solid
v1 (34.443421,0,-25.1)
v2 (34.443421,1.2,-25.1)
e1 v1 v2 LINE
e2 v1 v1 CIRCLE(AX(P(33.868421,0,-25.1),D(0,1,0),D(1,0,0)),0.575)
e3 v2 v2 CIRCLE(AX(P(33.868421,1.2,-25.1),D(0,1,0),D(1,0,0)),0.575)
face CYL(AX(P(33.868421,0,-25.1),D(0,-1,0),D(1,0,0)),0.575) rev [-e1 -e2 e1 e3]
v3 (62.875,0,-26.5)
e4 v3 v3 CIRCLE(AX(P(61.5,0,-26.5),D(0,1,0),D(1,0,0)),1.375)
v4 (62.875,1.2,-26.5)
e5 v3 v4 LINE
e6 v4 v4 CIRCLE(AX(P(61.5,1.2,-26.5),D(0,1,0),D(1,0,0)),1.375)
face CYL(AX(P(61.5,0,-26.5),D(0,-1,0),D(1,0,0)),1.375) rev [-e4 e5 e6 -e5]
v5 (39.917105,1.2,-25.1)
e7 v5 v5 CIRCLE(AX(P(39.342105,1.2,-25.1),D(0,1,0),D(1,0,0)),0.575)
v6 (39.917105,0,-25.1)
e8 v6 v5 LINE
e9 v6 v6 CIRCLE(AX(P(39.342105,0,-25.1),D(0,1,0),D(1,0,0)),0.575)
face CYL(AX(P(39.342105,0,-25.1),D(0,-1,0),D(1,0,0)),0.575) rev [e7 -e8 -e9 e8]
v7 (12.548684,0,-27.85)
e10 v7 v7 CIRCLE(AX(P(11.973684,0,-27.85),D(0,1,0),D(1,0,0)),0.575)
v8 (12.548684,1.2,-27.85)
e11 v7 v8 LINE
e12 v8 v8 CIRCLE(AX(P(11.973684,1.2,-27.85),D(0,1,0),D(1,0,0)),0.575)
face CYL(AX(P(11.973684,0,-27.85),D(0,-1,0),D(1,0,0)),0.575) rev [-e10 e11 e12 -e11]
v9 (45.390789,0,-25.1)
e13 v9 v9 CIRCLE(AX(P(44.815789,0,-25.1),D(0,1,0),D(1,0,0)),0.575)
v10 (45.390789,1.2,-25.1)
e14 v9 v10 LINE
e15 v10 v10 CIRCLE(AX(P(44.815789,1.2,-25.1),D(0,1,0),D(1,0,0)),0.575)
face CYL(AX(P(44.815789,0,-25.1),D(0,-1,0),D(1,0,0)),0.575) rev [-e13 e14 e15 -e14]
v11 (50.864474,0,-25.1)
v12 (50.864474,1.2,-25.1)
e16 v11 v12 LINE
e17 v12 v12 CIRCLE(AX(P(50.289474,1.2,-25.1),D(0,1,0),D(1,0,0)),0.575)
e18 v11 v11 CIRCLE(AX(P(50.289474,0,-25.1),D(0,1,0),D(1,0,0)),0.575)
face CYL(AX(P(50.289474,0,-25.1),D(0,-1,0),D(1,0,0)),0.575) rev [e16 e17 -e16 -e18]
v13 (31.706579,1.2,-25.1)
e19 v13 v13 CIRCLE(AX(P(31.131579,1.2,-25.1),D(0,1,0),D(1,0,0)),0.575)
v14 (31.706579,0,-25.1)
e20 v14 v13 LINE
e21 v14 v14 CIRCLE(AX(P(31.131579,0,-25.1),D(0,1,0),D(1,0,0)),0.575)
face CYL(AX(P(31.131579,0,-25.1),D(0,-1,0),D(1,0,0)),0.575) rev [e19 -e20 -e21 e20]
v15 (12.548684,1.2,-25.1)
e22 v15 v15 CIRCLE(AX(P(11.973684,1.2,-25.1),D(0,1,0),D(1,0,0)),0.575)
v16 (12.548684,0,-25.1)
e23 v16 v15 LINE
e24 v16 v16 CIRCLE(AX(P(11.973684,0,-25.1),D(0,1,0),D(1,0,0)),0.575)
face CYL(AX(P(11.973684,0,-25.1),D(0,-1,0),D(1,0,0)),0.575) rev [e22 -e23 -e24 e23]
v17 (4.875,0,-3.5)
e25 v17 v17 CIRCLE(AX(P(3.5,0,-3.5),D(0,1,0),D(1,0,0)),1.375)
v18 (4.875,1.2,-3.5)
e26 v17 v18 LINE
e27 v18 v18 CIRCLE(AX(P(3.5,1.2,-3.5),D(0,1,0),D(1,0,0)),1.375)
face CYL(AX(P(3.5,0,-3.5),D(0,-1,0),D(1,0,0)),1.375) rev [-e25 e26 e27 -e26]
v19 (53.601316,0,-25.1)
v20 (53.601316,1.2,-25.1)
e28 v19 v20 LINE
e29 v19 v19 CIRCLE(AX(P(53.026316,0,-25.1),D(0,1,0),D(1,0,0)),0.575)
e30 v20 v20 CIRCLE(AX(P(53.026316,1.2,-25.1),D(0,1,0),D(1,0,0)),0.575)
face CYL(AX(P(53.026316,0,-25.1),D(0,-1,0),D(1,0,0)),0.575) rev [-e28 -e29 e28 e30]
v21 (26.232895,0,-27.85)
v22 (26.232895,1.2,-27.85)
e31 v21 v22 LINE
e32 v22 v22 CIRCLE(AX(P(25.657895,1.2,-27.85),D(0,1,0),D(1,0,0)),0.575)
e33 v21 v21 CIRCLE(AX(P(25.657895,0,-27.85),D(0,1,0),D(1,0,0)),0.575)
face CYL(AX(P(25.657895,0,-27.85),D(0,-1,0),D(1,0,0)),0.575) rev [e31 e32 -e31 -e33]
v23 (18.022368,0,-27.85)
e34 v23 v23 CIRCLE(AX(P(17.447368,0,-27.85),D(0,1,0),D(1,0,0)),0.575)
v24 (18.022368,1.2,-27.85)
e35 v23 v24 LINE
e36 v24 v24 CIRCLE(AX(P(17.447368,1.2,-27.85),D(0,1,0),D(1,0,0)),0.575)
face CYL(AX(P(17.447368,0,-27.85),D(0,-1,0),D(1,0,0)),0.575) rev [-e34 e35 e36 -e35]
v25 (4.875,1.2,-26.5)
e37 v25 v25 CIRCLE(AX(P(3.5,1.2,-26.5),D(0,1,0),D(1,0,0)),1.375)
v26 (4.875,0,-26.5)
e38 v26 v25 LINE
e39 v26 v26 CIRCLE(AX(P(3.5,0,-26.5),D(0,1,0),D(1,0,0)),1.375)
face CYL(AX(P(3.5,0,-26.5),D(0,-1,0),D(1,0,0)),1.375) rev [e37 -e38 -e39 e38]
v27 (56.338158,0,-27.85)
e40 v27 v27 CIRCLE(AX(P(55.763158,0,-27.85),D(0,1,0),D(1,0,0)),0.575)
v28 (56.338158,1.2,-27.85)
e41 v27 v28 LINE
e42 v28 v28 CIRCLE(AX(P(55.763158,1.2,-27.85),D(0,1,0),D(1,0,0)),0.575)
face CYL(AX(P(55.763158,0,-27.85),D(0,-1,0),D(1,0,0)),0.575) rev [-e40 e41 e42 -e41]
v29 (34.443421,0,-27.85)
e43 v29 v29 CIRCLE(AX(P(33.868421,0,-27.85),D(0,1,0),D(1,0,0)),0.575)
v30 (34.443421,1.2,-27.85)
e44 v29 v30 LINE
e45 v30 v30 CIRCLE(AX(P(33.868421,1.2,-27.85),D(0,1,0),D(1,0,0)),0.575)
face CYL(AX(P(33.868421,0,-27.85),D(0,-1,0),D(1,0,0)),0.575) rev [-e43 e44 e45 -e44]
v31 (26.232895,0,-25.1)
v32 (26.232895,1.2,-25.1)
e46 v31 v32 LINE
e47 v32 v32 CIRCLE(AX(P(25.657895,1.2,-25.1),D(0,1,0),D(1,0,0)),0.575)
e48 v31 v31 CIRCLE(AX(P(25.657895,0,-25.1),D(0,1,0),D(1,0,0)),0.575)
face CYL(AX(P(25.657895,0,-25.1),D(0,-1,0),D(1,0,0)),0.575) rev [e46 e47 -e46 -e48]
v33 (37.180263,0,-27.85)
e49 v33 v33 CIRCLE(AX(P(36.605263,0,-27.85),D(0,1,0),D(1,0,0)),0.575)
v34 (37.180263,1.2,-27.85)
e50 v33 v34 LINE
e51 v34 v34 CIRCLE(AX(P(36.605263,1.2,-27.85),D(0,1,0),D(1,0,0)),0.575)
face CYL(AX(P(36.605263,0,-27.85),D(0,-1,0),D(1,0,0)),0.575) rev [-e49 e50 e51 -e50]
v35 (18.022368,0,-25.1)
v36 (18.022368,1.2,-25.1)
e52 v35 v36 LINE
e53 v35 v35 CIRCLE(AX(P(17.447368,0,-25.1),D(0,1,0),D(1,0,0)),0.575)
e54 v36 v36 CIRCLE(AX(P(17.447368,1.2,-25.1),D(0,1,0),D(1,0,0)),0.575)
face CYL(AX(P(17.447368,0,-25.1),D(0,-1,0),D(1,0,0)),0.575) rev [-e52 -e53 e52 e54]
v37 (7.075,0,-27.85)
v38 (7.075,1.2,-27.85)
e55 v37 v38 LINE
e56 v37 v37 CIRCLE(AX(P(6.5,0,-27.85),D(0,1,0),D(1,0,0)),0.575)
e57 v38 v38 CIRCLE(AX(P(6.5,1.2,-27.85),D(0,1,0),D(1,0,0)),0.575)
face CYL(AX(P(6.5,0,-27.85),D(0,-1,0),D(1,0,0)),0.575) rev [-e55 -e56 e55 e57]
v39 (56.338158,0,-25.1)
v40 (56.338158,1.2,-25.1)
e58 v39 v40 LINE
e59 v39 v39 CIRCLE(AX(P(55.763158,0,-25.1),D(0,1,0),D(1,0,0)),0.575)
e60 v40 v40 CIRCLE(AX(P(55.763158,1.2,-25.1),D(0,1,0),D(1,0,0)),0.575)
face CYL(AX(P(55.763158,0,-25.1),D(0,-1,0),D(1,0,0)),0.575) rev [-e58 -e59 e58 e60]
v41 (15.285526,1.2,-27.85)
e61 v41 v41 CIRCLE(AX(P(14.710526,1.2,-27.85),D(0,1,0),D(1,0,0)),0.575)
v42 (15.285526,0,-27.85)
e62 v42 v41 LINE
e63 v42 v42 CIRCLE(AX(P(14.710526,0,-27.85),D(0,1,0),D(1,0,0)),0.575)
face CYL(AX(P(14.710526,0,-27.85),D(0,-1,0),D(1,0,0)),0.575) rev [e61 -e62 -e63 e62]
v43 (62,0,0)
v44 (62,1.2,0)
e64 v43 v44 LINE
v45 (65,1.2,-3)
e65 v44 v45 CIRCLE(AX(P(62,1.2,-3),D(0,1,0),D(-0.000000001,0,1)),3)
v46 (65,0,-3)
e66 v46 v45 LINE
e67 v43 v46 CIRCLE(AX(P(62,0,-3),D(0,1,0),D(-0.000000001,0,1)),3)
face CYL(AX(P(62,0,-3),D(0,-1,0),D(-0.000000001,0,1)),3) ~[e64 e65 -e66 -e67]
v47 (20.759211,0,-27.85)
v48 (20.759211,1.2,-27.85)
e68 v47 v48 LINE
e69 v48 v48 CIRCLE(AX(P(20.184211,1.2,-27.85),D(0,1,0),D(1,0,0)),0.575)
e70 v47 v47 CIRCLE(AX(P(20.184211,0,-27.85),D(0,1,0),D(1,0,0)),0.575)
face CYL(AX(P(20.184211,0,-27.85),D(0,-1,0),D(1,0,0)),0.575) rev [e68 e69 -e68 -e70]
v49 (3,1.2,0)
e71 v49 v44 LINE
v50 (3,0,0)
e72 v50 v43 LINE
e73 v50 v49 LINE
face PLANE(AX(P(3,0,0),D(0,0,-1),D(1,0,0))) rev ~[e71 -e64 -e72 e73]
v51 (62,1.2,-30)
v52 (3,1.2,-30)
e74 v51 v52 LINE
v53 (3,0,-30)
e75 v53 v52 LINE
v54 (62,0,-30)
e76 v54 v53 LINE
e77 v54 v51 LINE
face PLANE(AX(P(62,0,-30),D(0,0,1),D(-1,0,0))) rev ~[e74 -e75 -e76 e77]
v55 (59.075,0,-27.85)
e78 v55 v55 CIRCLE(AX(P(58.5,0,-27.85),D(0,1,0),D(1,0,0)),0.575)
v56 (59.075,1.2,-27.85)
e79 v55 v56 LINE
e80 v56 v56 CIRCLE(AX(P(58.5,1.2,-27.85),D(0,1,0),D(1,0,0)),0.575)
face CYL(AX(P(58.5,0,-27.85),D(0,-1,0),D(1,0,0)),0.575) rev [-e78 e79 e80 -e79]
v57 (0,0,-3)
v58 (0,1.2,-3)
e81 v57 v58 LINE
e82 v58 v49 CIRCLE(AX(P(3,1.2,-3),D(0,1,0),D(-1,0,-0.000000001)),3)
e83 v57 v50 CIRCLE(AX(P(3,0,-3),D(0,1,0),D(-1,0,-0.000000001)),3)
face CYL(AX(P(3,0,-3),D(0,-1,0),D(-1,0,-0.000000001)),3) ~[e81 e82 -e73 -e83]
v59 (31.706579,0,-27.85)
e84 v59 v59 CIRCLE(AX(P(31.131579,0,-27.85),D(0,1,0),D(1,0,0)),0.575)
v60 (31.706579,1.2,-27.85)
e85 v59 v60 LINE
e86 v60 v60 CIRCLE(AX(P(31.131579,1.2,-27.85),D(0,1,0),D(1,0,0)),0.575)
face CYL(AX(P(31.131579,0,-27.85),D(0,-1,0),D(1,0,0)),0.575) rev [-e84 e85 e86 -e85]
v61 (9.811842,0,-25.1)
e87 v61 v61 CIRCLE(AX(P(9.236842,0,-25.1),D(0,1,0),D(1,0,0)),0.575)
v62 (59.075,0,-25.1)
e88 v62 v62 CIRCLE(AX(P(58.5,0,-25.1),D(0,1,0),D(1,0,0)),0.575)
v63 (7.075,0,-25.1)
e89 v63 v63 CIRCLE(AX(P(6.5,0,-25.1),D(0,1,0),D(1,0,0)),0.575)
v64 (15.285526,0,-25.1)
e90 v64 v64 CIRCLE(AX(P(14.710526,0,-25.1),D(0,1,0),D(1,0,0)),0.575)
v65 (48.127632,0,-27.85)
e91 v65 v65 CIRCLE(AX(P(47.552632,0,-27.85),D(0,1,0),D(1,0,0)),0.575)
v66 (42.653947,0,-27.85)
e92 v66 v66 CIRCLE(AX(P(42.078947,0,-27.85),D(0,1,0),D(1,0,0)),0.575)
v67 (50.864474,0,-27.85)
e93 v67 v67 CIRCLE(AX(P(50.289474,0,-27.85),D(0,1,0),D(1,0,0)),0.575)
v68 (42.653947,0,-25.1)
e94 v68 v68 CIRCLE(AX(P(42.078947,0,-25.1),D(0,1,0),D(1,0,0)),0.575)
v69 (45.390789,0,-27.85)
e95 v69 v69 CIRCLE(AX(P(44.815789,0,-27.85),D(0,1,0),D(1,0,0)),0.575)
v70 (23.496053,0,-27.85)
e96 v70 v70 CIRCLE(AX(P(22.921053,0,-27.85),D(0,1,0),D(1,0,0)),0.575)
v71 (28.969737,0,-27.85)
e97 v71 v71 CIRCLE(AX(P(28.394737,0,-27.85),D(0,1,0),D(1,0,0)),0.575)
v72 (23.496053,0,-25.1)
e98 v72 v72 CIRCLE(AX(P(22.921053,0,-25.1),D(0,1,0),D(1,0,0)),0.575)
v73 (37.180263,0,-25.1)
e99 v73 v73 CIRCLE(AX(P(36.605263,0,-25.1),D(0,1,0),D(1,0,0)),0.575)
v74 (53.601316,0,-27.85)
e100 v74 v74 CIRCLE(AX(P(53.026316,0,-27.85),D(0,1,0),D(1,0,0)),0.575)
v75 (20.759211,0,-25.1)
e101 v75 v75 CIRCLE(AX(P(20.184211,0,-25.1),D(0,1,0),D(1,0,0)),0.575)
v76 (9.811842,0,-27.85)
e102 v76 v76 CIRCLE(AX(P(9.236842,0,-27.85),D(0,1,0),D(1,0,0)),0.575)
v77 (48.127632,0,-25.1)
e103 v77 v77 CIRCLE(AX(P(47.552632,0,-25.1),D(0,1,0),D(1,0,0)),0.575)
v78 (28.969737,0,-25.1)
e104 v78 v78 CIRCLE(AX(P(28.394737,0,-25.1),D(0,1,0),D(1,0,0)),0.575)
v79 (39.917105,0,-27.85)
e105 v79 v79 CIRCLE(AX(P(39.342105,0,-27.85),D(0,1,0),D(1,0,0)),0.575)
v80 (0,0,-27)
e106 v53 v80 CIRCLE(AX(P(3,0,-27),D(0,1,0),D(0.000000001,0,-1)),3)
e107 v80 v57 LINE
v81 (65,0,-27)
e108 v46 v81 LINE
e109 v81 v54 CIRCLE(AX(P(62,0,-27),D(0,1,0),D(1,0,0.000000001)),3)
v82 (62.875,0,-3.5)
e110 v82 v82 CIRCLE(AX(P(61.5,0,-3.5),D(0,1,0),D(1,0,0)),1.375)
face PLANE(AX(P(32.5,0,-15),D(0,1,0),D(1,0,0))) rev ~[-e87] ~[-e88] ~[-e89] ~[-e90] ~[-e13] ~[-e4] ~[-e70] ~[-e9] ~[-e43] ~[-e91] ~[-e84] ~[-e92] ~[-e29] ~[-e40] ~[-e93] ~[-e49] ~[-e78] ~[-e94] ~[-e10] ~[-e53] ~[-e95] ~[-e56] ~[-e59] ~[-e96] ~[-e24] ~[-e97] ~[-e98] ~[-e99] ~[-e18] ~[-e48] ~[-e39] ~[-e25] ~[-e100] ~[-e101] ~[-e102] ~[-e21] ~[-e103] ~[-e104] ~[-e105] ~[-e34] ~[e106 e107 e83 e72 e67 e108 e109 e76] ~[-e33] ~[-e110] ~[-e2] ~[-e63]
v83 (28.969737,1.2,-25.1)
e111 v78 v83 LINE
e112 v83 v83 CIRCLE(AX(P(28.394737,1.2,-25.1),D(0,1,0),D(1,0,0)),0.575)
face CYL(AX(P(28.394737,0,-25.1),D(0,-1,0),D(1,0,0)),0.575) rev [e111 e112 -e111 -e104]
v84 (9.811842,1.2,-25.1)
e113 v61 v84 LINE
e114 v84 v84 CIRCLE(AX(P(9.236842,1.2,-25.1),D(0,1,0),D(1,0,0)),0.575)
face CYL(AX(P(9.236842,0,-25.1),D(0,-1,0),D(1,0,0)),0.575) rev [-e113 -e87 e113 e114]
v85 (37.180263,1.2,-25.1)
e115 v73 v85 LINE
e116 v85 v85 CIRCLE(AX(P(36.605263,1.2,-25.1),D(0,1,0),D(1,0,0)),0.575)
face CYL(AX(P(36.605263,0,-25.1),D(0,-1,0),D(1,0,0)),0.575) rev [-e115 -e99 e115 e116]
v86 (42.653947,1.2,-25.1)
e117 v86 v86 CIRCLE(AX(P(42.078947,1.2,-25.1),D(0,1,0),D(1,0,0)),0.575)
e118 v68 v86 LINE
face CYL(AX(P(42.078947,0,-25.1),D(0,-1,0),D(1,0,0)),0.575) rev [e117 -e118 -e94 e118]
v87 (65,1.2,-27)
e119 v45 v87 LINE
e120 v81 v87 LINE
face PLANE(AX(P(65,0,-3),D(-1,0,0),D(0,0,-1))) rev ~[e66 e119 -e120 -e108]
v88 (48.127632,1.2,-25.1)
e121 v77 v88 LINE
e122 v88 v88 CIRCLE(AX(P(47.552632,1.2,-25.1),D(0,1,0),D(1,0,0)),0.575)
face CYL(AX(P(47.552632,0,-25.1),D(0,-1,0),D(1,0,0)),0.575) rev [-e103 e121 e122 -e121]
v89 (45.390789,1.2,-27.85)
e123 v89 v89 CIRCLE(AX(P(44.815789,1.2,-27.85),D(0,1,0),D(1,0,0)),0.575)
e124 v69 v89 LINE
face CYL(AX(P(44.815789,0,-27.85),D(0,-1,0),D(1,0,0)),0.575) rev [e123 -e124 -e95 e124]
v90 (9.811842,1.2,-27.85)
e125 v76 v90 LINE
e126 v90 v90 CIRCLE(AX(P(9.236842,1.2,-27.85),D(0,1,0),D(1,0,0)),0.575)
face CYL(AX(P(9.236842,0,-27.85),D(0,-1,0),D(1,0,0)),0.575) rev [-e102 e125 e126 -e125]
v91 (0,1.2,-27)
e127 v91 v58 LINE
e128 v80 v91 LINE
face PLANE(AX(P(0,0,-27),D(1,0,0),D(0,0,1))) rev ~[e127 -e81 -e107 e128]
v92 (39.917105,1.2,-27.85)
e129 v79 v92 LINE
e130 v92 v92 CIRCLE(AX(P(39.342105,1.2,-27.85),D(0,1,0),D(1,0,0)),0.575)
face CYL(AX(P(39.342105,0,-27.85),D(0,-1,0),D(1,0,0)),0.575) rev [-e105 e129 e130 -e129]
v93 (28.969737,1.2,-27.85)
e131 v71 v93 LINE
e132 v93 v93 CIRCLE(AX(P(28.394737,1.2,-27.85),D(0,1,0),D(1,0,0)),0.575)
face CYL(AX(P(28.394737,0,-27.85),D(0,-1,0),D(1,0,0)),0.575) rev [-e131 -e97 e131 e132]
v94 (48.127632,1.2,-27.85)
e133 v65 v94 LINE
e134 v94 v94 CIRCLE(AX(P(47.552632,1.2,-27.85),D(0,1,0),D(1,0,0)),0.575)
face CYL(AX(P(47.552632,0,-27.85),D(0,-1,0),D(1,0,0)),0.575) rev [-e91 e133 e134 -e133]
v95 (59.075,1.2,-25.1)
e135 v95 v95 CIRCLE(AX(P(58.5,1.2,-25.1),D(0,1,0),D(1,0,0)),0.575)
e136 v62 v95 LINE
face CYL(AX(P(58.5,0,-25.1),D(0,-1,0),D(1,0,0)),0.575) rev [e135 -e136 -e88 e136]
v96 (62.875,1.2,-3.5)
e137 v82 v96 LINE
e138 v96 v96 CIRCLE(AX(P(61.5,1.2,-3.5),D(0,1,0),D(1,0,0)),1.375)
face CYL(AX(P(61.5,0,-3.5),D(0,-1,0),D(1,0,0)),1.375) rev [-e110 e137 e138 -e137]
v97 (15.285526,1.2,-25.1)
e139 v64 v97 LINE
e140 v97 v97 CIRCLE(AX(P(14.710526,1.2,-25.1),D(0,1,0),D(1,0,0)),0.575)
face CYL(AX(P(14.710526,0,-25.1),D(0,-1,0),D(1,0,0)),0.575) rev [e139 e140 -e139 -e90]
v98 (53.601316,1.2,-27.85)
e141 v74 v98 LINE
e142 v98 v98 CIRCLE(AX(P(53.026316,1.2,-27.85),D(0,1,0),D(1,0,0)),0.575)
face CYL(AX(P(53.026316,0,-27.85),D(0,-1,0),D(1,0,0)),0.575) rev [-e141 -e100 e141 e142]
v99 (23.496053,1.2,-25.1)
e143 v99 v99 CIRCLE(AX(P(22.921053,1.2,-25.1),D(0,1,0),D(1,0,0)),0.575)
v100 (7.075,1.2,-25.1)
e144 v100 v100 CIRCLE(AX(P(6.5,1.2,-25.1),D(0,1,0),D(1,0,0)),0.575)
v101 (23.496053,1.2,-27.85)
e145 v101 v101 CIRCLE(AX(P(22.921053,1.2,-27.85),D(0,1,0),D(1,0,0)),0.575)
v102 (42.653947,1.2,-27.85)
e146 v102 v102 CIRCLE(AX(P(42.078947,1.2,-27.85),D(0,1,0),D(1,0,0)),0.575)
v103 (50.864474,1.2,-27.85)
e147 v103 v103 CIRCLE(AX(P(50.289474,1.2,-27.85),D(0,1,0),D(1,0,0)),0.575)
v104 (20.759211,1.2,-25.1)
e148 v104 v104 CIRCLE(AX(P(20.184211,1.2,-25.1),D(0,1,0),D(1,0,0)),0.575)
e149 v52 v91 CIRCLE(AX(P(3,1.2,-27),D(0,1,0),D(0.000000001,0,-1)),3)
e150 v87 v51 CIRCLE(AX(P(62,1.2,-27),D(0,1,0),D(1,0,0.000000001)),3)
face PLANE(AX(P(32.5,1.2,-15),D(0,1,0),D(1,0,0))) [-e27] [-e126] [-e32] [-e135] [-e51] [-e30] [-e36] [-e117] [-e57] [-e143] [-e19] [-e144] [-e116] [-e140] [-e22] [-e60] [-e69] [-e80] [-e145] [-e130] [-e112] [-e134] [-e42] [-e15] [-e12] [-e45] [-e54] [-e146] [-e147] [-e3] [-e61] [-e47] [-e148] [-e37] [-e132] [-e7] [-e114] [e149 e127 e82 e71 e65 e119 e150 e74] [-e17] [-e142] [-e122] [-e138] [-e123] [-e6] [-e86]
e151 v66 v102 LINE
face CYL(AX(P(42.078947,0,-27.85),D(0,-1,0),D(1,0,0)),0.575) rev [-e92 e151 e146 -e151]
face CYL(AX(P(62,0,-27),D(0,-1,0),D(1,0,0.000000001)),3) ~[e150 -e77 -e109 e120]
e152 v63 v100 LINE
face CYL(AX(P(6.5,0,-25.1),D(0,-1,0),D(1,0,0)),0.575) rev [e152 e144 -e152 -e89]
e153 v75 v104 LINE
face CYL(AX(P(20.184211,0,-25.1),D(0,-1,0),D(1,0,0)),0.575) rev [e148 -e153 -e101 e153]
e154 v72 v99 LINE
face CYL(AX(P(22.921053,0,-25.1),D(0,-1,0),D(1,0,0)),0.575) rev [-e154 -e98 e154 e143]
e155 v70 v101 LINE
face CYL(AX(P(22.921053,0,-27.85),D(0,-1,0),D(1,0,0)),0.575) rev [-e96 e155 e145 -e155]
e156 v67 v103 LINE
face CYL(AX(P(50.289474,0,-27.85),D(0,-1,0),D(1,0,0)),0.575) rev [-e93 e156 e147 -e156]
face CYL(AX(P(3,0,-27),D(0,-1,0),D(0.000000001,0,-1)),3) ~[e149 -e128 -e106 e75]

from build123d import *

# Parameters (mm, degrees)
SKETCH1_R           = 0.575
SKETCH1_R_2         = 1.375
BOSS_EXTRUDE1_DEPTH = 1.2


with BuildPart() as part:
    # Sketch1 → Boss-Extrude1 (new body)
    with BuildSketch(Plane(origin=(0, 0, 0), x_dir=(1, 0, 0), z_dir=(0, 1, 0))):
        with BuildLine():
            Line((3, 0), (62, 0))
            ThreePointArc((62, 0), (64.121320344, 0.878679656), (65, 3))
            Line((65, 3), (65, 27))
            ThreePointArc((65, 27), (64.121320344, 29.121320344), (62, 30))
            Line((62, 30), (3, 30))
            ThreePointArc((3, 30), (0.878679656, 29.121320344), (0, 27))
            Line((0, 27), (0, 3))
            ThreePointArc((0, 3), (0.878679656, 0.878679656), (3, 0))
        make_face()
        with Locations((6.5, 27.85)):
            Circle(SKETCH1_R, mode=Mode.SUBTRACT)
        with Locations((9.236842105, 27.85)):
            Circle(SKETCH1_R, mode=Mode.SUBTRACT)
        with Locations((11.973684211, 27.85)):
            Circle(SKETCH1_R, mode=Mode.SUBTRACT)
        with Locations((14.710526316, 27.85)):
            Circle(SKETCH1_R, mode=Mode.SUBTRACT)
        with Locations((17.447368421, 27.85)):
            Circle(SKETCH1_R, mode=Mode.SUBTRACT)
        with Locations((20.184210526, 27.85)):
            Circle(SKETCH1_R, mode=Mode.SUBTRACT)
        with Locations((22.921052632, 27.85)):
            Circle(SKETCH1_R, mode=Mode.SUBTRACT)
        with Locations((25.657894737, 27.85)):
            Circle(SKETCH1_R, mode=Mode.SUBTRACT)
        with Locations((28.394736842, 27.85)):
            Circle(SKETCH1_R, mode=Mode.SUBTRACT)
        with Locations((31.131578947, 27.85)):
            Circle(SKETCH1_R, mode=Mode.SUBTRACT)
        with Locations((33.868421053, 27.85)):
            Circle(SKETCH1_R, mode=Mode.SUBTRACT)
        with Locations((36.605263158, 27.85)):
            Circle(SKETCH1_R, mode=Mode.SUBTRACT)
        with Locations((39.342105263, 27.85)):
            Circle(SKETCH1_R, mode=Mode.SUBTRACT)
        with Locations((42.078947368, 27.85)):
            Circle(SKETCH1_R, mode=Mode.SUBTRACT)
        with Locations((44.815789474, 27.85)):
            Circle(SKETCH1_R, mode=Mode.SUBTRACT)
        with Locations((47.552631579, 27.85)):
            Circle(SKETCH1_R, mode=Mode.SUBTRACT)
        with Locations((50.289473684, 27.85)):
            Circle(SKETCH1_R, mode=Mode.SUBTRACT)
        with Locations((53.026315789, 27.85)):
            Circle(SKETCH1_R, mode=Mode.SUBTRACT)
        with Locations((55.763157895, 27.85)):
            Circle(SKETCH1_R, mode=Mode.SUBTRACT)
        with Locations((58.5, 27.85)):
            Circle(SKETCH1_R, mode=Mode.SUBTRACT)
        with Locations((9.236842105, 25.1)):
            Circle(SKETCH1_R, mode=Mode.SUBTRACT)
        with Locations((11.973684211, 25.1)):
            Circle(SKETCH1_R, mode=Mode.SUBTRACT)
        with Locations((14.710526316, 25.1)):
            Circle(SKETCH1_R, mode=Mode.SUBTRACT)
        with Locations((17.447368421, 25.1)):
            Circle(SKETCH1_R, mode=Mode.SUBTRACT)
        with Locations((20.184210526, 25.1)):
            Circle(SKETCH1_R, mode=Mode.SUBTRACT)
        with Locations((22.921052632, 25.1)):
            Circle(SKETCH1_R, mode=Mode.SUBTRACT)
        with Locations((25.657894737, 25.1)):
            Circle(SKETCH1_R, mode=Mode.SUBTRACT)
        with Locations((28.394736842, 25.1)):
            Circle(SKETCH1_R, mode=Mode.SUBTRACT)
        with Locations((31.131578947, 25.1)):
            Circle(SKETCH1_R, mode=Mode.SUBTRACT)
        with Locations((33.868421053, 25.1)):
            Circle(SKETCH1_R, mode=Mode.SUBTRACT)
        with Locations((36.605263158, 25.1)):
            Circle(SKETCH1_R, mode=Mode.SUBTRACT)
        with Locations((39.342105263, 25.1)):
            Circle(SKETCH1_R, mode=Mode.SUBTRACT)
        with Locations((42.078947368, 25.1)):
            Circle(SKETCH1_R, mode=Mode.SUBTRACT)
        with Locations((44.815789474, 25.1)):
            Circle(SKETCH1_R, mode=Mode.SUBTRACT)
        with Locations((47.552631579, 25.1)):
            Circle(SKETCH1_R, mode=Mode.SUBTRACT)
        with Locations((50.289473684, 25.1)):
            Circle(SKETCH1_R, mode=Mode.SUBTRACT)
        with Locations((53.026315789, 25.1)):
            Circle(SKETCH1_R, mode=Mode.SUBTRACT)
        with Locations((55.763157895, 25.1)):
            Circle(SKETCH1_R, mode=Mode.SUBTRACT)
        with Locations((58.5, 25.1)):
            Circle(SKETCH1_R, mode=Mode.SUBTRACT)
        with Locations((6.5, 25.1)):
            Circle(SKETCH1_R, mode=Mode.SUBTRACT)
        with Locations((3.5, 26.5)):
            Circle(SKETCH1_R_2, mode=Mode.SUBTRACT)
        with Locations((61.5, 26.5)):
            Circle(SKETCH1_R_2, mode=Mode.SUBTRACT)
        with Locations((61.5, 3.5)):
            Circle(SKETCH1_R_2, mode=Mode.SUBTRACT)
        with Locations((3.5, 3.5)):
            Circle(SKETCH1_R_2, mode=Mode.SUBTRACT)
    extrude(amount=BOSS_EXTRUDE1_DEPTH)


solid = part.part
